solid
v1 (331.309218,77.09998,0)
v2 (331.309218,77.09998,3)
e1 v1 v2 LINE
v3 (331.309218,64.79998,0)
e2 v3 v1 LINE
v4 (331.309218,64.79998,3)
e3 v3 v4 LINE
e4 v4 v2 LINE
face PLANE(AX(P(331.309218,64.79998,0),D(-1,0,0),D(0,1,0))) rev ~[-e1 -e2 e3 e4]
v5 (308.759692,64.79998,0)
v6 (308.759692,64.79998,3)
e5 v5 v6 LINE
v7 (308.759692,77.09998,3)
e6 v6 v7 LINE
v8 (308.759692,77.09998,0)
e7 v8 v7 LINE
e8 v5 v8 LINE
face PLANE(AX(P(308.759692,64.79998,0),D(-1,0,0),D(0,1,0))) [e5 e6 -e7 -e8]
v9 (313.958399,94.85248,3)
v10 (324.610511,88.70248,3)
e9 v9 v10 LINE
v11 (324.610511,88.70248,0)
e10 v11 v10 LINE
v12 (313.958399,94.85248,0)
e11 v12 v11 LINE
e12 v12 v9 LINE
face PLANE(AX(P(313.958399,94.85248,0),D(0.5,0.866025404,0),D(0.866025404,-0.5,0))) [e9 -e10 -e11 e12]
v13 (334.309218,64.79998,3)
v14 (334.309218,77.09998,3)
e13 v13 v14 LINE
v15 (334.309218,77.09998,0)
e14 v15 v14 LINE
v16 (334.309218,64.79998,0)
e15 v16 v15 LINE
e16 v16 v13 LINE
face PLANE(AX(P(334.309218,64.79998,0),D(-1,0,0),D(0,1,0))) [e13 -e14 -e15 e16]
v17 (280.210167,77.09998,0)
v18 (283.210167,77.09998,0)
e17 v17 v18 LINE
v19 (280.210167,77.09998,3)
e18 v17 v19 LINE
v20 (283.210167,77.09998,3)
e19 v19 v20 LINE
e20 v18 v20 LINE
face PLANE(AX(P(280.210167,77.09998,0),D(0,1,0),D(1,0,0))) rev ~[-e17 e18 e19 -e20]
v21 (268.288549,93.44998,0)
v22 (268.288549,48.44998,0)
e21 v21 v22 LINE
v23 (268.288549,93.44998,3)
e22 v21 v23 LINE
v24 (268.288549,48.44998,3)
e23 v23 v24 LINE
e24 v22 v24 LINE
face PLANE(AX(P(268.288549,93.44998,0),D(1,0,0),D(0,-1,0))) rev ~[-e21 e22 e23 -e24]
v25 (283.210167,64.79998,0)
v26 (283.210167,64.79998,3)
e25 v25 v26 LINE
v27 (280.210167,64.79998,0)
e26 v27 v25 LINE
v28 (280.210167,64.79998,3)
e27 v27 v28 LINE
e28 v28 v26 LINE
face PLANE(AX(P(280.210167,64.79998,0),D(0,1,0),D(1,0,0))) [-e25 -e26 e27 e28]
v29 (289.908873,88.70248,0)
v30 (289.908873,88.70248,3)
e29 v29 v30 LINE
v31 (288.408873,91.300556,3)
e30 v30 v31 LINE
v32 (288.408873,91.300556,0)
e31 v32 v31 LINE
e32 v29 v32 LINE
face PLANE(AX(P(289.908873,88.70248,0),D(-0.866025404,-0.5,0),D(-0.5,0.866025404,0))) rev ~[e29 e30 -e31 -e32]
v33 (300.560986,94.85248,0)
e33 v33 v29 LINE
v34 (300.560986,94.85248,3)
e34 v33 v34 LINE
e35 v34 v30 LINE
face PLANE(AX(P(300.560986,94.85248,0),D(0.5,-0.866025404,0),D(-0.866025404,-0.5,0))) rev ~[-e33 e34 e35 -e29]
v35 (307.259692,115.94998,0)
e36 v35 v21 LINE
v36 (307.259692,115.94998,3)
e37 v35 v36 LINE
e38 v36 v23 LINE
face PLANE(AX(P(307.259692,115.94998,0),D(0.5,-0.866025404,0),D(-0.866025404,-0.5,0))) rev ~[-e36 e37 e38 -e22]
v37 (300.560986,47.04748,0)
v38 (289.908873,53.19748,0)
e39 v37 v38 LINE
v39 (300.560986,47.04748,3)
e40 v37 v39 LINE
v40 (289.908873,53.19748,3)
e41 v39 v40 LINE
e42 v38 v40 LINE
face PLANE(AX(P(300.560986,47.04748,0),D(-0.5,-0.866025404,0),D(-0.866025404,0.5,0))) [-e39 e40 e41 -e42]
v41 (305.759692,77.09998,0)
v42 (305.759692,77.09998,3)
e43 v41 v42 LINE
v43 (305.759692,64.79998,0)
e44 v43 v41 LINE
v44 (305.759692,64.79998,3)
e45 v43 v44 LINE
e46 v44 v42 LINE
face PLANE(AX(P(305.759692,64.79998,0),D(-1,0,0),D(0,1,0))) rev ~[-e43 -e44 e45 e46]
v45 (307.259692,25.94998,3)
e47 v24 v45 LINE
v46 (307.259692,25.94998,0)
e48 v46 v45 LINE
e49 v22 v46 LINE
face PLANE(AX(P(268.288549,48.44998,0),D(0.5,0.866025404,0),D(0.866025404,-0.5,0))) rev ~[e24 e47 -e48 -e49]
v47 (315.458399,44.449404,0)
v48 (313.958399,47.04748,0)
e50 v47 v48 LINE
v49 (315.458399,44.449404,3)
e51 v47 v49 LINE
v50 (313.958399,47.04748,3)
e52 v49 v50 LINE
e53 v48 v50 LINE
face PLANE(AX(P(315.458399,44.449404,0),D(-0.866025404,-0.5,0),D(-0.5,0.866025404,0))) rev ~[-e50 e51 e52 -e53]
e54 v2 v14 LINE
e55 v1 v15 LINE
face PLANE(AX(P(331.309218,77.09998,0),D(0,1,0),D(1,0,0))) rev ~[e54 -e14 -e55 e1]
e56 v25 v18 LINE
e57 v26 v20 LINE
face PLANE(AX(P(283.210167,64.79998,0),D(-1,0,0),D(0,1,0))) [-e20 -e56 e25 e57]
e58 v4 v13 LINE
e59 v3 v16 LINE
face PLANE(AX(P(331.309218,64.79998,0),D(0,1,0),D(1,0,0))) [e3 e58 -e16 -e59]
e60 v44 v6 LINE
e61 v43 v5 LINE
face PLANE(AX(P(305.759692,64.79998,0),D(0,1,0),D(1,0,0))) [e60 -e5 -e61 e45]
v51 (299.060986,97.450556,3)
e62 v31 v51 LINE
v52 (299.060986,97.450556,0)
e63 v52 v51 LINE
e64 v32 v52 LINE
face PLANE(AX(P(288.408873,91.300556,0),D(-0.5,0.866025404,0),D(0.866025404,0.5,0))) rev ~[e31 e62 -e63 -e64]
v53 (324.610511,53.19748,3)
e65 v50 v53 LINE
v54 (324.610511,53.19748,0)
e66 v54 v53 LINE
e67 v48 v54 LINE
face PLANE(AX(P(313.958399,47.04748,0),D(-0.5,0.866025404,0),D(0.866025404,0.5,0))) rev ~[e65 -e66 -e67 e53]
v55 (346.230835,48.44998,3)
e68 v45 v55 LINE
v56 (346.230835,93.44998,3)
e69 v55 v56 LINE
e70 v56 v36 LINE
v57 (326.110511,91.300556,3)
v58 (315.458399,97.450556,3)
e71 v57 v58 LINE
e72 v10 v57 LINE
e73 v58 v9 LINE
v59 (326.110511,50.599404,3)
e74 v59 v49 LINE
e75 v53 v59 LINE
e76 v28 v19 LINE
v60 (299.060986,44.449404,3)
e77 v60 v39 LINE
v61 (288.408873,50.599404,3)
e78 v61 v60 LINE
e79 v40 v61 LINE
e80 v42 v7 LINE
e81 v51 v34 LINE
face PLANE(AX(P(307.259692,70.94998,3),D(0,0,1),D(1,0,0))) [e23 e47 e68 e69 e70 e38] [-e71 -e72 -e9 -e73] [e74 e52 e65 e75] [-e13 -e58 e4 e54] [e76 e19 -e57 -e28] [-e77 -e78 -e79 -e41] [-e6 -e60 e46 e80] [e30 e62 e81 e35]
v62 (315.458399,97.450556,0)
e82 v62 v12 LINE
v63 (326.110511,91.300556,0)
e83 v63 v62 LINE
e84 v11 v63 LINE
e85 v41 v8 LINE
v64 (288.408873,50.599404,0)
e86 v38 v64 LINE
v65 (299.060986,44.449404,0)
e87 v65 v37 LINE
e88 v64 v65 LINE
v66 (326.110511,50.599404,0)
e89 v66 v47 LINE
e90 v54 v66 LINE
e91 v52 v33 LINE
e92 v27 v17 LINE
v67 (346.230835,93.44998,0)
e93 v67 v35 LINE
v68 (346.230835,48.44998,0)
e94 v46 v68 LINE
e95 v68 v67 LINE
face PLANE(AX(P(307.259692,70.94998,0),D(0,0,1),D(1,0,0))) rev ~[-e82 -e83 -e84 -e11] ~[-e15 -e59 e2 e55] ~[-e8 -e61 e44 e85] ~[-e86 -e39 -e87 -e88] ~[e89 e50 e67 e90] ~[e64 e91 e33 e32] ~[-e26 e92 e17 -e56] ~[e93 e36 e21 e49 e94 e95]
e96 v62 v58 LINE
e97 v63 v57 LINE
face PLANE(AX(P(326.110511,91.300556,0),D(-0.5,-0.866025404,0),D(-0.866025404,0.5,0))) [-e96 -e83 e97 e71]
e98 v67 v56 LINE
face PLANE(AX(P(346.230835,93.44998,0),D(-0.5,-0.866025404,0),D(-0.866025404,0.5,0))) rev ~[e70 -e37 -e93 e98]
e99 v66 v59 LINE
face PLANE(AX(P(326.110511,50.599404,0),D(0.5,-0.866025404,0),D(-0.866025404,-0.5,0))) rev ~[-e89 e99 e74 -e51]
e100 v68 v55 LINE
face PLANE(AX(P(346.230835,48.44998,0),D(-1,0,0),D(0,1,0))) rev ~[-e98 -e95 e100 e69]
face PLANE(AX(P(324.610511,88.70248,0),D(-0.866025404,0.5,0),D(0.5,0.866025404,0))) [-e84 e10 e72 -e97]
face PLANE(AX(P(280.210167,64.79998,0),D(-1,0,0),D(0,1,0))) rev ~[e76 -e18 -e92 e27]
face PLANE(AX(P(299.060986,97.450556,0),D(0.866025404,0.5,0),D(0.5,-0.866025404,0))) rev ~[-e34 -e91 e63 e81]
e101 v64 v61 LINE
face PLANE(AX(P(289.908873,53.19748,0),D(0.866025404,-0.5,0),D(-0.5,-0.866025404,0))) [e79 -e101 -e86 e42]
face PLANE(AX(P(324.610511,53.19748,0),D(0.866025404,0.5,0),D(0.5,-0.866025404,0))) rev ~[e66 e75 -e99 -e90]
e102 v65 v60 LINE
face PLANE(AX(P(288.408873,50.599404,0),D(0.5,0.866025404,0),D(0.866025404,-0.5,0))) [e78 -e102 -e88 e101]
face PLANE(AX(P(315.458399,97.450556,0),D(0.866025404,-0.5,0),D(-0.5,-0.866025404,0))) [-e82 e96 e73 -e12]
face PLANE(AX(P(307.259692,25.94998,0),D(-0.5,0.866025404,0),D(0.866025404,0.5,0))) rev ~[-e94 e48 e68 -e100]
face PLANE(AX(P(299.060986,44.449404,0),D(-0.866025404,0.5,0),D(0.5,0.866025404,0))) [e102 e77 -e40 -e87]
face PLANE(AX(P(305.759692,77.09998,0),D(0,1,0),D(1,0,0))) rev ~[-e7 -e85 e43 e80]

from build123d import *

# Parameters (mm, degrees)
CROQUIS1_W              = 3
CROQUIS1_H              = 12.3
SALIENTE_EXTRUIR1_DEPTH = 3


with BuildPart() as part:
    # Croquis1 → Saliente-Extruir1 (new body)
    with BuildSketch(Plane.XY):
        Polygon((307.259692282, 25.949980259), (346.230835452, 48.449980259), (346.230835452, 93.449980259), (307.259692282, 115.949980259), (268.288549111, 93.449980259), (268.288549111, 48.449980259), align=None)
        with Locations((307.259692282, 70.949980259)):
            Rectangle(CROQUIS1_W, CROQUIS1_H, mode=Mode.SUBTRACT)
        with Locations((332.809217745, 70.949980259)):
            Rectangle(CROQUIS1_W, CROQUIS1_H, mode=Mode.SUBTRACT)
        with Locations((281.710166819, 70.949980259)):
            Rectangle(CROQUIS1_W, CROQUIS1_H, mode=Mode.SUBTRACT)
        Polygon((313.95839878, 94.852480259), (324.610511247, 88.702480259), (326.110511247, 91.30055647), (315.45839878, 97.45055647), align=None, mode=Mode.SUBTRACT)
        Polygon((289.908873317, 88.702480259), (288.408873317, 91.30055647), (299.060985783, 97.45055647), (300.560985783, 94.852480259), align=None, mode=Mode.SUBTRACT)
        Polygon((300.560985783, 47.047480259), (289.908873317, 53.197480259), (288.408873317, 50.599404048), (299.060985783, 44.449404048), align=None, mode=Mode.SUBTRACT)
        Polygon((324.610511247, 53.197480259), (326.110511247, 50.599404048), (315.45839878, 44.449404048), (313.95839878, 47.047480259), align=None, mode=Mode.SUBTRACT)
    extrude(amount=SALIENTE_EXTRUIR1_DEPTH)


solid = part.part
